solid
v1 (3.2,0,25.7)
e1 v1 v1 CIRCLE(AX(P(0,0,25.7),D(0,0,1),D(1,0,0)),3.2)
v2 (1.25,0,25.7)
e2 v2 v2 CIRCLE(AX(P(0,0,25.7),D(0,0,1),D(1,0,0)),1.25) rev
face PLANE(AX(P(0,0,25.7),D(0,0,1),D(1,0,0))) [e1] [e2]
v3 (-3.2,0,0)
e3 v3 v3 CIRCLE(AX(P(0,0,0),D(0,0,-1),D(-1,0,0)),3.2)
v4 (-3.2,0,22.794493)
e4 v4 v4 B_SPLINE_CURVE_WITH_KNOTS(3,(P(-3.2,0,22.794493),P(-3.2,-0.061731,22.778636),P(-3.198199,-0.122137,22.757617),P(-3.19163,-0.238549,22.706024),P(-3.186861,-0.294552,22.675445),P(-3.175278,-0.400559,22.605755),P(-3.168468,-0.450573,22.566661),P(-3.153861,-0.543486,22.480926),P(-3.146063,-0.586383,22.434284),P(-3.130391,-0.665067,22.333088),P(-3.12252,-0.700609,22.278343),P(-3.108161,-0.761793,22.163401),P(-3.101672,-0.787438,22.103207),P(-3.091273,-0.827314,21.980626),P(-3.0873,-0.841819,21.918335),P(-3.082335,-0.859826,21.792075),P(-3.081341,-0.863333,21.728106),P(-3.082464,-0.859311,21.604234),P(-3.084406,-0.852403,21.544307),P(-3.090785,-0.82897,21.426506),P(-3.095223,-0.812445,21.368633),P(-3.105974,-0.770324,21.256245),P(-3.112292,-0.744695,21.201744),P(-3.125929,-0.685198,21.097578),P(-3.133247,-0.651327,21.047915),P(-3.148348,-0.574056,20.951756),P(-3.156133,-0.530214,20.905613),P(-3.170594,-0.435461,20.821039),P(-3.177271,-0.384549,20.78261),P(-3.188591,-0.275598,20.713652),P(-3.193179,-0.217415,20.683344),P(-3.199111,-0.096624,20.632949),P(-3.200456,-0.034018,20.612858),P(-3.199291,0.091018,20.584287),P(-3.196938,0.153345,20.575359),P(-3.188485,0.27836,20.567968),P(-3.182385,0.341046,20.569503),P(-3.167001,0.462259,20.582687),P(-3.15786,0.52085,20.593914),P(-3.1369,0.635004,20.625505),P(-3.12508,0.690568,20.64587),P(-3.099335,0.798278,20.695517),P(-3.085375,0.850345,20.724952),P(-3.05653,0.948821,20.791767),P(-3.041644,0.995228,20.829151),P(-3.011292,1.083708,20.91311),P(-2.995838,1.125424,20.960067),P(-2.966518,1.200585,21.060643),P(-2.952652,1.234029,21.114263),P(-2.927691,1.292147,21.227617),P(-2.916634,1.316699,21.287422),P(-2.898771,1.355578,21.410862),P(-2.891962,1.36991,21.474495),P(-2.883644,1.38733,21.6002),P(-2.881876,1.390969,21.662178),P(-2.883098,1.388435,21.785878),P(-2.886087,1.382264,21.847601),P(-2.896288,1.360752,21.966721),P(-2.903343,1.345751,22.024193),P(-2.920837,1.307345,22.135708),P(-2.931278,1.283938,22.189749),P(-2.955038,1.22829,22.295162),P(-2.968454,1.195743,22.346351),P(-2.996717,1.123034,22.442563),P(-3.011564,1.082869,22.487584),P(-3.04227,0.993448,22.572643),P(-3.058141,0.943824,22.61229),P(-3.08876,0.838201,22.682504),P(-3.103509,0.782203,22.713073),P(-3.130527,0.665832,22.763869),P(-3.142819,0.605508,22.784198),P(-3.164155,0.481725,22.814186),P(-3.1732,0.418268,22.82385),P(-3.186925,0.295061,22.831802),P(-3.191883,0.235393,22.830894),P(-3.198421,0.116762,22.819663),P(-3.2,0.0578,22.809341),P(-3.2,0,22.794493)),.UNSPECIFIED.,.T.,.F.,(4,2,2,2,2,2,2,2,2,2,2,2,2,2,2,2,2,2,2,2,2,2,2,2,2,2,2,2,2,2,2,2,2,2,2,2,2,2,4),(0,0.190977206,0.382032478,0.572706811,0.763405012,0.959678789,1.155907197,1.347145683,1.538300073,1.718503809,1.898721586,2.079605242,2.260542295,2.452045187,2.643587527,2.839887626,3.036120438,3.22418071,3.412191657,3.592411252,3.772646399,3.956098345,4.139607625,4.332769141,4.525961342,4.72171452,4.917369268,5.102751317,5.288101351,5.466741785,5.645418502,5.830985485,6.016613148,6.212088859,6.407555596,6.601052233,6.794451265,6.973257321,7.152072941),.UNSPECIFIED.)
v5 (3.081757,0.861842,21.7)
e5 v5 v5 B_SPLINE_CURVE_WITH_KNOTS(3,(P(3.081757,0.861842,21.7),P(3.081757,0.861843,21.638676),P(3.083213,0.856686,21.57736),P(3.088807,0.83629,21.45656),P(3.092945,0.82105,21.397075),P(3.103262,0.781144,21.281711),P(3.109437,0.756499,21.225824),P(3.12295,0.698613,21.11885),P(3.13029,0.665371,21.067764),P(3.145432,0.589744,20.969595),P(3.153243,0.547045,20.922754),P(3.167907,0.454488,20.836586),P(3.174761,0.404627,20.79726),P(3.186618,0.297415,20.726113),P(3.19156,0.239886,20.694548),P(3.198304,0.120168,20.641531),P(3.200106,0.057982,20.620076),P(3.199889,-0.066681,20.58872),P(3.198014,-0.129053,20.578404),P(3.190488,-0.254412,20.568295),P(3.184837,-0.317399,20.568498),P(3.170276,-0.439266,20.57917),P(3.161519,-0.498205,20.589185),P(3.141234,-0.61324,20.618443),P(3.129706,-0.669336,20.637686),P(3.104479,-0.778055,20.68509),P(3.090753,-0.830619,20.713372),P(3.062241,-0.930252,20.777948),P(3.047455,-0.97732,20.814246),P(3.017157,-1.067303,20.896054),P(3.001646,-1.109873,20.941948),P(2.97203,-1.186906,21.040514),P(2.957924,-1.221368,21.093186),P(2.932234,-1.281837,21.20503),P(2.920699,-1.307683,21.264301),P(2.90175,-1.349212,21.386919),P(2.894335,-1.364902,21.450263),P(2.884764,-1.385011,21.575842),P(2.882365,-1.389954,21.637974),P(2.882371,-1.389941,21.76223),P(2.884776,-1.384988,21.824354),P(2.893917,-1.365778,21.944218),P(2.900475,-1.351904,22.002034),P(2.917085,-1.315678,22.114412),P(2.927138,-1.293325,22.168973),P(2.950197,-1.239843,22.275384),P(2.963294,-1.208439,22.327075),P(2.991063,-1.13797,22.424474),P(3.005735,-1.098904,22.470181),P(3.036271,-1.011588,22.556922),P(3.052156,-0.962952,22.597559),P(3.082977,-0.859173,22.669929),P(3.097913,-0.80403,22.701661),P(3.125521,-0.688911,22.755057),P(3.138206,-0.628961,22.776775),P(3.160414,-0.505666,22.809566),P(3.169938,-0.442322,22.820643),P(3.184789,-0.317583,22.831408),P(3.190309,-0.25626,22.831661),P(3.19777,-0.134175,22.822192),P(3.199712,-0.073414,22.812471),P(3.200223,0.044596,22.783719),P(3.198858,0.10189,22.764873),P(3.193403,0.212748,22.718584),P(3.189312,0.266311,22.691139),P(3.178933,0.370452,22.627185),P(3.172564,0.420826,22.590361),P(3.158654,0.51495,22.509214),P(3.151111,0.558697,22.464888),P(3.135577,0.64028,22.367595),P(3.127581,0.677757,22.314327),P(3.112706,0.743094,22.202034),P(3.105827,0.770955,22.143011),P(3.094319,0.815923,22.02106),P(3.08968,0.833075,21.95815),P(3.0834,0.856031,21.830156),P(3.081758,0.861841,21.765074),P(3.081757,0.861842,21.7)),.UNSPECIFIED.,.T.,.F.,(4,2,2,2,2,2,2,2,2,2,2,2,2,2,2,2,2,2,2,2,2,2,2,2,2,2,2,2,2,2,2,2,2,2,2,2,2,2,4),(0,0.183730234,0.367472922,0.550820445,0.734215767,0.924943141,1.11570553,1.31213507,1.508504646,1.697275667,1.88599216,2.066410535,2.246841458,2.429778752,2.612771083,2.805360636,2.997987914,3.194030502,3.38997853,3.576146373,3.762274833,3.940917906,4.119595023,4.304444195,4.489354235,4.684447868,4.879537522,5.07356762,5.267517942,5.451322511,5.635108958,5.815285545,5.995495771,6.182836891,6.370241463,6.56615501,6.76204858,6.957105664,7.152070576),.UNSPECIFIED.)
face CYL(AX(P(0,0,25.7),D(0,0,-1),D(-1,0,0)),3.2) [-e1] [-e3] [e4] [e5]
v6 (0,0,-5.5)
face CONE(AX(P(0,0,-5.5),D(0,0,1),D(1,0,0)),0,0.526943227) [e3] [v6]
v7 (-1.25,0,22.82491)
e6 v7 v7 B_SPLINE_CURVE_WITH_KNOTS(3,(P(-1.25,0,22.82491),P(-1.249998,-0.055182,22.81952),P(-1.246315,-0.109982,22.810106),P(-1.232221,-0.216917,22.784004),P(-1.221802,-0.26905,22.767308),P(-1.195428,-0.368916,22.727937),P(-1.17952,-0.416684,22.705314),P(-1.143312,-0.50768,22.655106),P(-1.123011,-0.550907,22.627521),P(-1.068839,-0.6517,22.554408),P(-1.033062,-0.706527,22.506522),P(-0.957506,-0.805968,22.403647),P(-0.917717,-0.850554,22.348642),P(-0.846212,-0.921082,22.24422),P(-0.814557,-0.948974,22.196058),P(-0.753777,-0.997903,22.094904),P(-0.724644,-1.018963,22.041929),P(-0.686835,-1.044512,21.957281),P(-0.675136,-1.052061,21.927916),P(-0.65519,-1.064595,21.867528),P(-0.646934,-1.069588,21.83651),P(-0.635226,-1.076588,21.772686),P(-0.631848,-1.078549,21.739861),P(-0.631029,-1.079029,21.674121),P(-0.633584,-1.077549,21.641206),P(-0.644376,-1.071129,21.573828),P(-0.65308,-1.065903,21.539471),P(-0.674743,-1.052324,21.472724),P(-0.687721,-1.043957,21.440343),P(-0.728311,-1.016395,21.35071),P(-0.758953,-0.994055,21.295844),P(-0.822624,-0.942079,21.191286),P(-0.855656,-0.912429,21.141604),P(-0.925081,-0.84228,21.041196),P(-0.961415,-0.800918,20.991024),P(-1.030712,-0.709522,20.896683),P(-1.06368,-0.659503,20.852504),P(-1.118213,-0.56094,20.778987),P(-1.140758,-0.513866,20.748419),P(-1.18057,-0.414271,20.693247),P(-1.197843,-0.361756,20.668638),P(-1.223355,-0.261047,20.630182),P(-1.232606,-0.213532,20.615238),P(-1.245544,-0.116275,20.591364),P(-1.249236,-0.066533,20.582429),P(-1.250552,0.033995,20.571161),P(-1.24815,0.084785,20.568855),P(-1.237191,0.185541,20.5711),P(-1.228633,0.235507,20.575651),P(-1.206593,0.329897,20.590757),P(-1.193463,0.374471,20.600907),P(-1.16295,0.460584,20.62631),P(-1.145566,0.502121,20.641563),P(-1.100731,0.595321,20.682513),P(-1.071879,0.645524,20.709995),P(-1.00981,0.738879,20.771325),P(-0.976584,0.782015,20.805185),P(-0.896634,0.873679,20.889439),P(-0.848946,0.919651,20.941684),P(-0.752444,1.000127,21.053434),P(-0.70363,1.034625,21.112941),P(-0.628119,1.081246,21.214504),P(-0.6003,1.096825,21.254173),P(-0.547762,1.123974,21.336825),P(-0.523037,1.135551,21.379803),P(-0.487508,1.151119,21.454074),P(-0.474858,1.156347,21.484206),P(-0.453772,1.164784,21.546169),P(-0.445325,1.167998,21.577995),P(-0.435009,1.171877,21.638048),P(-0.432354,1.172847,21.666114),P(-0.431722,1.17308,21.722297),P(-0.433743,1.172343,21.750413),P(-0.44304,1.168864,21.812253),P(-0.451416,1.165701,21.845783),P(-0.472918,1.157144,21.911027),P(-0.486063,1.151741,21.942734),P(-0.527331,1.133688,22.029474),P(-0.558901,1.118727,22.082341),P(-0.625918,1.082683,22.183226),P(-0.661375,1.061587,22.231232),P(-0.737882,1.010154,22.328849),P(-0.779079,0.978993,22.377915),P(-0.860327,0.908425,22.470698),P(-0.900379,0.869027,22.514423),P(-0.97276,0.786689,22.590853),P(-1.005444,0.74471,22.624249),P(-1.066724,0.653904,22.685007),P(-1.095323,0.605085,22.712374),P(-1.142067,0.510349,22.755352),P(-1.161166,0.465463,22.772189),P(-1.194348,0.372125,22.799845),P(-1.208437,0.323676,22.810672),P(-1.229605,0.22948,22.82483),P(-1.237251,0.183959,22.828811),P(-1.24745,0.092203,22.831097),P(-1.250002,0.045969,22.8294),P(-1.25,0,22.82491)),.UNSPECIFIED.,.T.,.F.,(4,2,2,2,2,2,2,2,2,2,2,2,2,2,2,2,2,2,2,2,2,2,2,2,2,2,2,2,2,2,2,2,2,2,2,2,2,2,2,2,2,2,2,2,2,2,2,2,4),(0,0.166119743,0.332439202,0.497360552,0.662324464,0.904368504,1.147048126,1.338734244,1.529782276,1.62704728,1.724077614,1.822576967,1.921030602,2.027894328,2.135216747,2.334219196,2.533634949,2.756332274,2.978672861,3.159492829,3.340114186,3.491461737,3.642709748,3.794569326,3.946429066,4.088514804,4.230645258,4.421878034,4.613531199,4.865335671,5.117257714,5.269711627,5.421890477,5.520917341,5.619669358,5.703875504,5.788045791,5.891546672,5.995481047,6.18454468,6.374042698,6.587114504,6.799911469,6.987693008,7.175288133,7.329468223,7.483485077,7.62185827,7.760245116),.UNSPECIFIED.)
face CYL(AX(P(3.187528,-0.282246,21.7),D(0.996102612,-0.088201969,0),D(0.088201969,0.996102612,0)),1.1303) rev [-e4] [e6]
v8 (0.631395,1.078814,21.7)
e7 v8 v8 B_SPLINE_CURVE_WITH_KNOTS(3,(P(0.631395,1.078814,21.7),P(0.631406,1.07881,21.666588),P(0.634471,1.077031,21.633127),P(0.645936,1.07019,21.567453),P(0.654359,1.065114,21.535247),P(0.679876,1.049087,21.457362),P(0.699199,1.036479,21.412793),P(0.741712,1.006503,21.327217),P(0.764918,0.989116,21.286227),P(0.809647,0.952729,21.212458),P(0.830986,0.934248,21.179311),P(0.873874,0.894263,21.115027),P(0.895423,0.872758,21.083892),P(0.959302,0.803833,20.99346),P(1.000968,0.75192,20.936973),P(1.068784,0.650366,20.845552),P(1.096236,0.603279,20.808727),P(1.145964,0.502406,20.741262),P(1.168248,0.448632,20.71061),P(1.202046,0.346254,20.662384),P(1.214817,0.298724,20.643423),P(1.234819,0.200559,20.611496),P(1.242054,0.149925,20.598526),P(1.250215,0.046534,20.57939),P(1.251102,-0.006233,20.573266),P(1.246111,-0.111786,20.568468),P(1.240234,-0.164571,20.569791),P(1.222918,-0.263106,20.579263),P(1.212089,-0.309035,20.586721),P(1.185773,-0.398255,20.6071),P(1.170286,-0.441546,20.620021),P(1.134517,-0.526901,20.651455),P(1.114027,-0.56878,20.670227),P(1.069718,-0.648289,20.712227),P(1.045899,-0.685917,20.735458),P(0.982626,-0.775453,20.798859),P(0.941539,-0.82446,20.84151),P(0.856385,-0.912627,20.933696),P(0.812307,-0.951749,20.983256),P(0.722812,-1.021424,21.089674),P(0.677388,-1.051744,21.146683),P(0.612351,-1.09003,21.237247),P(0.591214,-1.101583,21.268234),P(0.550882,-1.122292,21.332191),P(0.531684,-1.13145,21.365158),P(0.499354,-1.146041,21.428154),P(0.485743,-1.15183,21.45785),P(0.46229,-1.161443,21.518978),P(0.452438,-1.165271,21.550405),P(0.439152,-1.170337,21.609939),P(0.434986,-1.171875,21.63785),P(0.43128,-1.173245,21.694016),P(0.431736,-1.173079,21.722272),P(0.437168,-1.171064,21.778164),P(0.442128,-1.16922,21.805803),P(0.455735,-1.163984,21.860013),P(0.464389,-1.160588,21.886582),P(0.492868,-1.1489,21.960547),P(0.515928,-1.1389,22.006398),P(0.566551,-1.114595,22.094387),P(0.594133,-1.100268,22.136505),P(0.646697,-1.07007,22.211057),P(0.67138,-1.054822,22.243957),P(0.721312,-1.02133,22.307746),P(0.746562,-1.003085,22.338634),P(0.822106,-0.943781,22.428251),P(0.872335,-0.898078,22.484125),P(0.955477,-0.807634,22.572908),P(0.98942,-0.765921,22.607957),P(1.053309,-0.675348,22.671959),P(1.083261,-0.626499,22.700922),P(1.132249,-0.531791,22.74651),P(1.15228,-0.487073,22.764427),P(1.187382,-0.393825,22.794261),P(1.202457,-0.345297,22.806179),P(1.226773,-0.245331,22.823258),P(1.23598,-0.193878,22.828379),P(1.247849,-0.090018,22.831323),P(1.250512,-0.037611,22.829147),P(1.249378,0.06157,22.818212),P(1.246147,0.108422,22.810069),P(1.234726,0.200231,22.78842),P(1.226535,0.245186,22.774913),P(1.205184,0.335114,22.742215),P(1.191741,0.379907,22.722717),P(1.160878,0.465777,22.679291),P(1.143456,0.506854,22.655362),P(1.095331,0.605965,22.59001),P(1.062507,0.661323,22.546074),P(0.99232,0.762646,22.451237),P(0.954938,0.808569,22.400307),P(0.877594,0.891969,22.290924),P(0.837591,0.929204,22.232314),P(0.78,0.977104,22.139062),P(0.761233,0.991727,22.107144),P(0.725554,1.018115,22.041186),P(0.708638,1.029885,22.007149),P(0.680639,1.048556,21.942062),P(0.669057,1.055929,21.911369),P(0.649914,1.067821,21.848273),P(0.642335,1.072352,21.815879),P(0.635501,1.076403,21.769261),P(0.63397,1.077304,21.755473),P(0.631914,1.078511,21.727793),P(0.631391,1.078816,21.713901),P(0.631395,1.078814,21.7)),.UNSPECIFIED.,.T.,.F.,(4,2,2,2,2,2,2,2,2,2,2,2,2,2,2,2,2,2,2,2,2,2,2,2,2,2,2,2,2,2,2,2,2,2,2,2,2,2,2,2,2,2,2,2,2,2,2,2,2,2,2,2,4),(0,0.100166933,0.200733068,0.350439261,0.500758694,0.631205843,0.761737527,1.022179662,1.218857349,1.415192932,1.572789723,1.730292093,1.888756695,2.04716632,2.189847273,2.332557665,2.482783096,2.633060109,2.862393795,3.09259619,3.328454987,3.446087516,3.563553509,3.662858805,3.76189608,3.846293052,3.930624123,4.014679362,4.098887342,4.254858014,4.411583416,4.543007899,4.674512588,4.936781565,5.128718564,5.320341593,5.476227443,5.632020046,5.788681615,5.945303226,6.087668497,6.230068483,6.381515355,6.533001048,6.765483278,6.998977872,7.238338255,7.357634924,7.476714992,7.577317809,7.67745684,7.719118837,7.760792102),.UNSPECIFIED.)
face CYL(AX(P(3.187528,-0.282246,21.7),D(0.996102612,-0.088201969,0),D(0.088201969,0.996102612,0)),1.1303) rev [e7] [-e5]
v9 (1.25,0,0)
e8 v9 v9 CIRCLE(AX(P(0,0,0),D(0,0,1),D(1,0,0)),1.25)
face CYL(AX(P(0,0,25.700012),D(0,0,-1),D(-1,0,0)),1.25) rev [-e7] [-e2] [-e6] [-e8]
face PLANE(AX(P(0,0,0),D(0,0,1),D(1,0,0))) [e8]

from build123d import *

# Parameters (mm, degrees)
SKETCH3_R                 = 3.2
BOSS_EXTRUDE2_DEPTH       = 25.7
CUT_EXTRUDE1_DEPTH        = 27.095401894
CUT_EXTRUDE1_DEPTH_BACK   = 25.7
SKETCH6_R                 = 1.25
TAP_DRILL_FOR_4_40_TAP1_D = 2.2606


with BuildPart() as part:
    # Sketch3 → Boss-Extrude2 (new body)
    with BuildSketch(Plane.XY):
        with Locations(Location((0, 0, 0), (0, 0, 180))):
            Circle(SKETCH3_R)
    extrude(amount=BOSS_EXTRUDE2_DEPTH)

    # Sketch6 → Cut-Extrude1 (cut, two sides: drawn at the far end of the back side and taken through both)
    with BuildSketch(Plane.XY.offset(25.7).offset(-CUT_EXTRUDE1_DEPTH_BACK)):
        with Locations(Location((0, 0, 0), (0, 0, 180))):
            Circle(SKETCH6_R)
    extrude(amount=CUT_EXTRUDE1_DEPTH + CUT_EXTRUDE1_DEPTH_BACK, mode=Mode.SUBTRACT)

    # Sketch7 → Revolve1 (revolve)
    with BuildSketch(Plane(origin=(0, 0, 0), x_dir=(1, 0, 0), z_dir=(0, 1, 0)), mode=Mode.PRIVATE) as revolve1_sk:
        Polygon((0, 0), (-3.2, 0), (0, 5.5), align=None)
    revolve(revolve1_sk.sketch.rotate(Axis((0, 0, -5.5), (0, 0, 1)), 180), axis=Axis((0, 0, -5.5), (0, 0, 1)))

    # Tap Drill for #4-40 Tap1 (through all)
    with Locations(Plane(origin=(3.187528357, -0.282246299, 21.7), x_dir=(0.088201968553, 0.996102611553, 0), z_dir=(0.996102611553, -0.088201968553, 0))):
        with Locations((0, 0)):
            Hole(TAP_DRILL_FOR_4_40_TAP1_D / 2)


solid = part.part
